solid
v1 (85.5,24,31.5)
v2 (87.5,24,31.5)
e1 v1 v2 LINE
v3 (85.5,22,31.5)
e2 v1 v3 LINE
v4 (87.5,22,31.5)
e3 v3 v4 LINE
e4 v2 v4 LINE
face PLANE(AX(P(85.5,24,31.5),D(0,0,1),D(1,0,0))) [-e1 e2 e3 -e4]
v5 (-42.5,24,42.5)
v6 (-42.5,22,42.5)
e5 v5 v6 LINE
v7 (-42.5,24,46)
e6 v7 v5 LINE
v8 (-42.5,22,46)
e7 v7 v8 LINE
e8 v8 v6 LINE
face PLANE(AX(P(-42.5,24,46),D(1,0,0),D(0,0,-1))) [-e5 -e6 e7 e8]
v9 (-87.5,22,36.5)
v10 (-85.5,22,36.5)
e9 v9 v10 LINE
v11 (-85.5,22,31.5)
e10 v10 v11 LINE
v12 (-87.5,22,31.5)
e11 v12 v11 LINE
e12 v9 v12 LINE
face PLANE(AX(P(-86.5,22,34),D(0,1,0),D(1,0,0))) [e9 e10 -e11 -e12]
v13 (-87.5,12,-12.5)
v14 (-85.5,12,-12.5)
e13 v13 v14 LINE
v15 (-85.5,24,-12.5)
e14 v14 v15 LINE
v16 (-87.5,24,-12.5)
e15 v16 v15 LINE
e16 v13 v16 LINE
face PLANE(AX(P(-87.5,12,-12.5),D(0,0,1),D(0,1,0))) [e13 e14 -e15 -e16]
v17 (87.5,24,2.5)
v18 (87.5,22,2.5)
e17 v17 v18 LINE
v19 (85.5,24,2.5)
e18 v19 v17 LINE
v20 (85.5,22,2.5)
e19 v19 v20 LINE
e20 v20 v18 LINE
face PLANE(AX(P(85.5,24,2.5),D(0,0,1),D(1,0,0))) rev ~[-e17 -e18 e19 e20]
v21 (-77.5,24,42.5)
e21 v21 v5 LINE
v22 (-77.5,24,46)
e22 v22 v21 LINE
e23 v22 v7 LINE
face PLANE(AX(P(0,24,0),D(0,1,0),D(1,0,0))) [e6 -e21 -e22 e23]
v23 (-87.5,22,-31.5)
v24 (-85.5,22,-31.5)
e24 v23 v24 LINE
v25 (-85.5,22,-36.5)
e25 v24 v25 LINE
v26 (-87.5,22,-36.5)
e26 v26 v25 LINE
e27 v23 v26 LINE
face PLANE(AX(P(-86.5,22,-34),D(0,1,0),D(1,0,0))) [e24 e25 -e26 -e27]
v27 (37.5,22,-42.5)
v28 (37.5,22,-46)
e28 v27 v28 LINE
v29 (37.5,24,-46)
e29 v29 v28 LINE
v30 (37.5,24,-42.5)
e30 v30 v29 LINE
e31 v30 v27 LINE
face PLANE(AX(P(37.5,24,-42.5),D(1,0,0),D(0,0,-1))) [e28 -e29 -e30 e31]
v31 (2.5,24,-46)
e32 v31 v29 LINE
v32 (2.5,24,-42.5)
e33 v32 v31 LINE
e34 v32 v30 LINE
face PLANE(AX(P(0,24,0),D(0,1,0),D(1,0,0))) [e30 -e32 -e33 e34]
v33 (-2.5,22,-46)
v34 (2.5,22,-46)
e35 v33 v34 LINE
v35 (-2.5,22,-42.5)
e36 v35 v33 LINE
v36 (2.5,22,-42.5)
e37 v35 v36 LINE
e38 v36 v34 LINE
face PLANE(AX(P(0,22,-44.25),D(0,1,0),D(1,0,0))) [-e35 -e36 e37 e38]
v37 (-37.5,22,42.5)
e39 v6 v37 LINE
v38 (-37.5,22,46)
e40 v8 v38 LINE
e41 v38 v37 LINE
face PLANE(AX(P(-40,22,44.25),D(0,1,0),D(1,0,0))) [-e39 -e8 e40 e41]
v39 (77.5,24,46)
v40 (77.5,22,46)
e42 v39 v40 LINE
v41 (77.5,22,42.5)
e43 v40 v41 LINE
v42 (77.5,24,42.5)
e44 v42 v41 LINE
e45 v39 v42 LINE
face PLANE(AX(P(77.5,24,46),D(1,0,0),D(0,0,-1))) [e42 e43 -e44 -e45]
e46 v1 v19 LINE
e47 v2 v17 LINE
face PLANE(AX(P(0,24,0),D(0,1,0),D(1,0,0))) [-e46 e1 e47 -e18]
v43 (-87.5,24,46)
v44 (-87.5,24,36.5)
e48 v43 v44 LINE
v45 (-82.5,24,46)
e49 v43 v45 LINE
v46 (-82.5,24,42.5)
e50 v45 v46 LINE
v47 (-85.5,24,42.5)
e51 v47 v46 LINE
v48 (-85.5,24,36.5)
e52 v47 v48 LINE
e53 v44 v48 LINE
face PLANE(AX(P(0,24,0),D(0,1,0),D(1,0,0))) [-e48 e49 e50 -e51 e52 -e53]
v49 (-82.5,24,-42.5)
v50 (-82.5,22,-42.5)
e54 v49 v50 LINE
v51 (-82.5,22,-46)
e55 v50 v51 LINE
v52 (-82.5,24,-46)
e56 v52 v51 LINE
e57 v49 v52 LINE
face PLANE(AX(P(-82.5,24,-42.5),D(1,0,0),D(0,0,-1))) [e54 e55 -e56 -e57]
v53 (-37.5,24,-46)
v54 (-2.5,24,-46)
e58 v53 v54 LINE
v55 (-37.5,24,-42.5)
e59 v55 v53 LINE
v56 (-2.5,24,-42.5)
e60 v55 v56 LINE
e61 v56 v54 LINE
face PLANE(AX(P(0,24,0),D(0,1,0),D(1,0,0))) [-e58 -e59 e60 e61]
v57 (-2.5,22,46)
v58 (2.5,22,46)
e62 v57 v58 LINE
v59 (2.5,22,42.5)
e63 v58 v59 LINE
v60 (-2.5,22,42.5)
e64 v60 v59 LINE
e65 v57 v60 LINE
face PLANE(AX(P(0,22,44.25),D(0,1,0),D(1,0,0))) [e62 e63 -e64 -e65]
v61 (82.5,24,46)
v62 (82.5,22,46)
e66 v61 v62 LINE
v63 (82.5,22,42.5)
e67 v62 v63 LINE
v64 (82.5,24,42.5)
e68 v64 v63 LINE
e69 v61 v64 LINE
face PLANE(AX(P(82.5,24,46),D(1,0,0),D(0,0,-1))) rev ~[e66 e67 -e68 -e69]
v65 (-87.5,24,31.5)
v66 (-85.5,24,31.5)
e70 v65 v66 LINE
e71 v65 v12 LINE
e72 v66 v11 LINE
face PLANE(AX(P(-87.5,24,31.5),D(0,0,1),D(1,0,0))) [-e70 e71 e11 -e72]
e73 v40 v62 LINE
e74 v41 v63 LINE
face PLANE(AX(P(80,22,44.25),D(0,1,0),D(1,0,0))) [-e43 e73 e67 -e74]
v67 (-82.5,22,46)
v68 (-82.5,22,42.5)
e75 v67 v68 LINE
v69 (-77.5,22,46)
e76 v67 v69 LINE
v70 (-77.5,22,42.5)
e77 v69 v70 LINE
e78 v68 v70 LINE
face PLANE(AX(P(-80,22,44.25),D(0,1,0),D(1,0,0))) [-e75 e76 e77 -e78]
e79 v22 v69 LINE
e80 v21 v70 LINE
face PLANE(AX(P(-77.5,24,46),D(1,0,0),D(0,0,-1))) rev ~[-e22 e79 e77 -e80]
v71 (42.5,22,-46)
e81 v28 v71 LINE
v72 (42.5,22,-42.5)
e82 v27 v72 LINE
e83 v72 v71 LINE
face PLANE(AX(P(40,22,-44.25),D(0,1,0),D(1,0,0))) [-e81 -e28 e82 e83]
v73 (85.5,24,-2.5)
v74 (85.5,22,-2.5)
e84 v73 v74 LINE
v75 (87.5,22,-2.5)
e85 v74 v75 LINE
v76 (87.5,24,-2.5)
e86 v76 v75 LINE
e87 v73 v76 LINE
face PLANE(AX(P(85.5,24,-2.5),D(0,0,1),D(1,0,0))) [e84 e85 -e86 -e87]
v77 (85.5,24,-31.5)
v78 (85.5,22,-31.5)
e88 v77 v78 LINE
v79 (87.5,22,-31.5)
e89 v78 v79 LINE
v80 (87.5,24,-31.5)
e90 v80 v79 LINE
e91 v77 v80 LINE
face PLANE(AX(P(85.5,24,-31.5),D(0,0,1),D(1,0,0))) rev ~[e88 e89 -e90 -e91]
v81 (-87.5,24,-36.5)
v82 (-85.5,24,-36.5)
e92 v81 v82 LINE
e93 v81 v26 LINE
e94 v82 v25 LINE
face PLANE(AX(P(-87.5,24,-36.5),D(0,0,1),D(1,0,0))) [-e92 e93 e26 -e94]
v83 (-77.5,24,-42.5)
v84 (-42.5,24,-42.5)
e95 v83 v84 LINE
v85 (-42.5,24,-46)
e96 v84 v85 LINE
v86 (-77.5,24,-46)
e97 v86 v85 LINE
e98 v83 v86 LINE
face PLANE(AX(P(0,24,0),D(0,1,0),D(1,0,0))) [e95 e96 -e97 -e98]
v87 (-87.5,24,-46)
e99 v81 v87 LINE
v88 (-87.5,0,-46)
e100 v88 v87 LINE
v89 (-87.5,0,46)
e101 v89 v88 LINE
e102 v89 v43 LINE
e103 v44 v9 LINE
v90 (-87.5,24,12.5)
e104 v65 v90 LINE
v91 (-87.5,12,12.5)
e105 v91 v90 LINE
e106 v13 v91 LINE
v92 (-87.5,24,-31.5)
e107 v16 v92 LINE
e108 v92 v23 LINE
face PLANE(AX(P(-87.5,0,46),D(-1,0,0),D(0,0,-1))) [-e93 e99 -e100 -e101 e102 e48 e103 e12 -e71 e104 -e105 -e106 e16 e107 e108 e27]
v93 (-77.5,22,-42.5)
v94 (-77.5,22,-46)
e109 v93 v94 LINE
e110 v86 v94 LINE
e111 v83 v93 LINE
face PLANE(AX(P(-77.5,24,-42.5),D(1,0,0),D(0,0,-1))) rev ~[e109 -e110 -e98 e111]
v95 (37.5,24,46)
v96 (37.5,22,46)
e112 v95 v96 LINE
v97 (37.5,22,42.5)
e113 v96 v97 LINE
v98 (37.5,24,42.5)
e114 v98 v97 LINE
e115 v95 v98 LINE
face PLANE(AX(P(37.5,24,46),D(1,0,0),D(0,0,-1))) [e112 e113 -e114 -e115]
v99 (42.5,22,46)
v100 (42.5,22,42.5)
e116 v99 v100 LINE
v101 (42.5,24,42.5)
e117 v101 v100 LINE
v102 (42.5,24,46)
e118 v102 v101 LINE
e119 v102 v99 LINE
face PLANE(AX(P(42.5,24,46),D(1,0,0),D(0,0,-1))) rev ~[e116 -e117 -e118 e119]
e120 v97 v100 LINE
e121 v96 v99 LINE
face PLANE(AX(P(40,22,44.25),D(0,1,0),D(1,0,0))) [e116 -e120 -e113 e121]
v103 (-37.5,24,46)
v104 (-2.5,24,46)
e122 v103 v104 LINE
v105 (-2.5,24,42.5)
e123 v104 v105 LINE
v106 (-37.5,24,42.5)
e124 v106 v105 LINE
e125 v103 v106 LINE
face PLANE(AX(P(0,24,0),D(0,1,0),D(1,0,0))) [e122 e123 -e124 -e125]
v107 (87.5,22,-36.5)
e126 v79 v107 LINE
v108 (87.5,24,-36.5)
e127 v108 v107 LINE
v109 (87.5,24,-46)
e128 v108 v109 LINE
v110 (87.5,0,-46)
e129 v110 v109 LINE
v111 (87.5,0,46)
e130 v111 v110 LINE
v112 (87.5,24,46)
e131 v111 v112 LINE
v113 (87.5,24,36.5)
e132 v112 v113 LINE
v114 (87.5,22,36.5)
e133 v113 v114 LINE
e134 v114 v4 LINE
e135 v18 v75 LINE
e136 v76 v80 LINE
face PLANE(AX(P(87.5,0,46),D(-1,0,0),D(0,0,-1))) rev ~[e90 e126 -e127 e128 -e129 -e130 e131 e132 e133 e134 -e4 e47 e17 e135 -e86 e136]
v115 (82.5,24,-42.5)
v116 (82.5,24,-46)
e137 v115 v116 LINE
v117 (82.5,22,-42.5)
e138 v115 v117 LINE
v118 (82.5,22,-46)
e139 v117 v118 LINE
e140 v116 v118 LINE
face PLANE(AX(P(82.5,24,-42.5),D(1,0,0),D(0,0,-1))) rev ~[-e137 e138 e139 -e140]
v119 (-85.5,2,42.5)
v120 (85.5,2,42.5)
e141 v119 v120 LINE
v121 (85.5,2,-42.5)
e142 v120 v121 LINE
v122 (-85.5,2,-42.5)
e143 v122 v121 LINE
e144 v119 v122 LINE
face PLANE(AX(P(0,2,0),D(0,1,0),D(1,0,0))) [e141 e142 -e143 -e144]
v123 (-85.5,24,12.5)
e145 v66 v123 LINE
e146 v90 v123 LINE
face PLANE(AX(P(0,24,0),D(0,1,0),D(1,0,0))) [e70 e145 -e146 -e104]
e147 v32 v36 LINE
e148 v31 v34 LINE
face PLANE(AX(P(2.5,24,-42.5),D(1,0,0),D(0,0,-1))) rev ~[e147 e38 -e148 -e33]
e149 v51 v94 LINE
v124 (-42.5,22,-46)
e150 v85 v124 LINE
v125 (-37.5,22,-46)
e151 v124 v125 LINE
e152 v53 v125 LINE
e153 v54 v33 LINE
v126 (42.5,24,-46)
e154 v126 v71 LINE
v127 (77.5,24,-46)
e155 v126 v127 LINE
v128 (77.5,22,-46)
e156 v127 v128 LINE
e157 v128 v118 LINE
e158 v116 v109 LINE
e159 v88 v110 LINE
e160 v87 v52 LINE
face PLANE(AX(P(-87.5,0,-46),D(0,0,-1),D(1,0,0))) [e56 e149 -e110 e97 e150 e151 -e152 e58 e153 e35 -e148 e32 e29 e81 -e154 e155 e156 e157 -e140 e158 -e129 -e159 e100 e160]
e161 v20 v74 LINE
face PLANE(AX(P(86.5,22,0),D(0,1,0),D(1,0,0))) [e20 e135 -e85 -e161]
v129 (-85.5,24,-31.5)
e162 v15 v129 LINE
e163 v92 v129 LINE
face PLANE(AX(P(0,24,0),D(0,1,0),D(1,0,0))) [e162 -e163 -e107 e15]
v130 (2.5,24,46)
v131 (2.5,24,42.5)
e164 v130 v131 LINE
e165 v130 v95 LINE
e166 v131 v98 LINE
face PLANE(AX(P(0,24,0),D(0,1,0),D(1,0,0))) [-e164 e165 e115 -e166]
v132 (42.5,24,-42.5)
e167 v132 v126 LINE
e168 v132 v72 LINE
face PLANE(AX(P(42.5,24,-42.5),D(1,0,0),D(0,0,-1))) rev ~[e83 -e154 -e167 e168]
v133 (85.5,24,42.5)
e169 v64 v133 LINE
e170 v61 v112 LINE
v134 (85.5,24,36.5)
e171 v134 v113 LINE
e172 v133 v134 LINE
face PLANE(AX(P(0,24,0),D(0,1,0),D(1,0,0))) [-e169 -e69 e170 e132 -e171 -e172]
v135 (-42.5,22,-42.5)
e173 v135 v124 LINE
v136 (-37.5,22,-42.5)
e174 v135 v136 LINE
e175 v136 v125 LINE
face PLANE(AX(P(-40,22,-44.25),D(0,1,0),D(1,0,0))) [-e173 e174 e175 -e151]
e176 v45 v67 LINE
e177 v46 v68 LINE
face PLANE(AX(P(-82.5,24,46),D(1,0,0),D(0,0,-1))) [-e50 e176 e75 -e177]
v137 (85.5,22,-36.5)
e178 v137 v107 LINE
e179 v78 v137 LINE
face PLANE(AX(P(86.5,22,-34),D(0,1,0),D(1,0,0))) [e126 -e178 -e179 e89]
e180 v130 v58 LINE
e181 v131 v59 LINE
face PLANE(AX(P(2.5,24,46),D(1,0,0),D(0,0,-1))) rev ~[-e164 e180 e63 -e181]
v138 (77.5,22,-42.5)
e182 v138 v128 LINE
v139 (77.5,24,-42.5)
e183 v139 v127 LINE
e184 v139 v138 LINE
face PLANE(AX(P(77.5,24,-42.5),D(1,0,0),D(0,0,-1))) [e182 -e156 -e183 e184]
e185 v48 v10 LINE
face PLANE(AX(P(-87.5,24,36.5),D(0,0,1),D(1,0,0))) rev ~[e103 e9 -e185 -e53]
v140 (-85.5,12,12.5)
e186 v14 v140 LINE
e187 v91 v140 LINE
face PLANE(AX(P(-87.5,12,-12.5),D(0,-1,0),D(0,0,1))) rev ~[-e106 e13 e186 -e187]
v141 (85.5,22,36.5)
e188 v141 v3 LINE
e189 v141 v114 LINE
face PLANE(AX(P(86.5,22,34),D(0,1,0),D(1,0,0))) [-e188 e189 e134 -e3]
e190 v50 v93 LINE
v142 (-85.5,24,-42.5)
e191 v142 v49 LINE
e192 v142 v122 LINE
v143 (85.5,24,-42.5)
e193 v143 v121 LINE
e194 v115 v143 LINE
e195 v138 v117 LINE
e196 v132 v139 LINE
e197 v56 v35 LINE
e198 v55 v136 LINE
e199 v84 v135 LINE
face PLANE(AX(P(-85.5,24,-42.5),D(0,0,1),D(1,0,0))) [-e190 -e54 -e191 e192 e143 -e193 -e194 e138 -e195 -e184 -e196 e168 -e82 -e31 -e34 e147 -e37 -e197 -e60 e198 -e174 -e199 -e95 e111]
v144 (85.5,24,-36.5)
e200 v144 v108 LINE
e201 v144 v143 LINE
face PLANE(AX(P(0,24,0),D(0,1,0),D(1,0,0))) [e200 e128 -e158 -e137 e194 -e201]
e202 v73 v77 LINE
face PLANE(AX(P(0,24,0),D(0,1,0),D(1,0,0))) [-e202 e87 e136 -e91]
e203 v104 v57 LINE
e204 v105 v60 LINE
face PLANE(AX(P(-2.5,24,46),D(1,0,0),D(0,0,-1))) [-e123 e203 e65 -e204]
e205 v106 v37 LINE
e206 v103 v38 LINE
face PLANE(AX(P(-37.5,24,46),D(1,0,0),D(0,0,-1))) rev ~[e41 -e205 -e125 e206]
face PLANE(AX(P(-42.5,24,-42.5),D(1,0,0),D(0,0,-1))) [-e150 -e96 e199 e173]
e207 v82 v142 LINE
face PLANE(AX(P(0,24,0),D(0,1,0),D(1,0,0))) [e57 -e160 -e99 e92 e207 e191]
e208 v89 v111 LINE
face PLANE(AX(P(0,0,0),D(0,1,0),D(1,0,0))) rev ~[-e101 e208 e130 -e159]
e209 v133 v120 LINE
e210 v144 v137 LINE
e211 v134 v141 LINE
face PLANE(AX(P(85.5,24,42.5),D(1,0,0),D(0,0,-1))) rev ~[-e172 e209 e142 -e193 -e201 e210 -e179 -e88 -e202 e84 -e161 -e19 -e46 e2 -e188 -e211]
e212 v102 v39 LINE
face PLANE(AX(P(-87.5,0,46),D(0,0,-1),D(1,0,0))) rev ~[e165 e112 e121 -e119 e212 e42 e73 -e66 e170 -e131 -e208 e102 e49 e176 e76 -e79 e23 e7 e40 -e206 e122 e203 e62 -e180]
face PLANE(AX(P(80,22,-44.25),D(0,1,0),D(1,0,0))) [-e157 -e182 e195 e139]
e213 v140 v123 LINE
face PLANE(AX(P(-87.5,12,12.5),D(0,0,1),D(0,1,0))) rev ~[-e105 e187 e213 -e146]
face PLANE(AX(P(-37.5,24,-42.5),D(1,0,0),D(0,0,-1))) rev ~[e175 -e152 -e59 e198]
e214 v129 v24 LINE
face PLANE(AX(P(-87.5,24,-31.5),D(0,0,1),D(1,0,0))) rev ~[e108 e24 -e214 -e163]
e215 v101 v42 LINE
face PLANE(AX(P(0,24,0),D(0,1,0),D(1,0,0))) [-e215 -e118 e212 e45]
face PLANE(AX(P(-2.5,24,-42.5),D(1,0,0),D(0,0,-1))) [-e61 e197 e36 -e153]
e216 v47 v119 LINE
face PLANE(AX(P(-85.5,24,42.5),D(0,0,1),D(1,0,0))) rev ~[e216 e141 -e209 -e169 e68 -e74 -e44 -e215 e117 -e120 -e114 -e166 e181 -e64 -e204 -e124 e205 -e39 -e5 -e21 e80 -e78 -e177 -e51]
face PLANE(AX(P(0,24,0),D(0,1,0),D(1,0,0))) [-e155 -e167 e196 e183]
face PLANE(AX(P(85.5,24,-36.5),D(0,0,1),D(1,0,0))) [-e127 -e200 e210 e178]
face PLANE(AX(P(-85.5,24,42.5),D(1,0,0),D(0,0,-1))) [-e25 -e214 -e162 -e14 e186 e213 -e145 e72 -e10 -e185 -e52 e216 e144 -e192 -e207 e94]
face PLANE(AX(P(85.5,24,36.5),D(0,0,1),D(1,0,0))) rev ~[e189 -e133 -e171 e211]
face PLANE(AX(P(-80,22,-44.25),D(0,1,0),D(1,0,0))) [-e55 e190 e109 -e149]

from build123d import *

# Parameters (mm, degrees)
SKETCH1_W           = 175
SKETCH1_H           = 92
BOSS_EXTRUDE1_DEPTH = 24
SKETCH2_W           = 171
SKETCH2_H           = 85
CUT_EXTRUDE1_DEPTH  = 22
SKETCH3_W           = 25
SKETCH3_H           = 12
CUT_EXTRUDE2_DEPTH  = 2
SKETCH4_W           = 5
SKETCH4_H           = 3.5
CUT_EXTRUDE4_DEPTH  = 2
SKETCH5_W           = 5
SKETCH5_H           = 3.5
CUT_EXTRUDE7_DEPTH  = 2
SKETCH7_W           = 2
SKETCH7_H           = 5
CUT_EXTRUDE8_DEPTH  = 2
SKETCH10_W          = 2
SKETCH10_H          = 5
CUT_EXTRUDE9_DEPTH  = 2
SKETCH11_W          = 2
SKETCH11_H          = 5
CUT_EXTRUDE10_DEPTH = 2


with BuildPart() as part:
    # Sketch1 → Boss-Extrude1 (new body)
    with BuildSketch(Plane(origin=(0, 0, 0), x_dir=(1, 0, 0), z_dir=(0, 1, 0))):
        Rectangle(SKETCH1_W, SKETCH1_H)
    extrude(amount=BOSS_EXTRUDE1_DEPTH)

    # Sketch2 → Cut-Extrude1 (cut)
    with BuildSketch(Plane(origin=(0, 24, 0), x_dir=(1, 0, 0), z_dir=(0, 1, 0))):
        Rectangle(SKETCH2_W, SKETCH2_H)
    extrude(amount=-CUT_EXTRUDE1_DEPTH, mode=Mode.SUBTRACT)

    # Sketch3 → Cut-Extrude2 (cut)
    with BuildSketch(Plane.ZY.offset(87.5)):
        with Locations((0, 18)):
            Rectangle(SKETCH3_W, SKETCH3_H)
    extrude(amount=-CUT_EXTRUDE2_DEPTH, mode=Mode.SUBTRACT)

    # Sketch4 → Cut-Extrude4 (cut)
    with BuildSketch(Plane(origin=(0, 24, 0), x_dir=(1, 0, 0), z_dir=(0, 1, 0))):
        with Locations((-80, 44.25)):
            Rectangle(SKETCH4_W, SKETCH4_H)
        with Locations((-40, 44.25)):
            Rectangle(SKETCH4_W, SKETCH4_H)
        with Locations((0, 44.25)):
            Rectangle(SKETCH4_W, SKETCH4_H)
        with Locations((40, 44.25)):
            Rectangle(SKETCH4_W, SKETCH4_H)
        with Locations((80, 44.25)):
            Rectangle(SKETCH4_W, SKETCH4_H)
    extrude(amount=-CUT_EXTRUDE4_DEPTH, mode=Mode.SUBTRACT)

    # Sketch5 → Cut-Extrude7 (cut)
    with BuildSketch(Plane(origin=(0, 24, 0), x_dir=(1, 0, 0), z_dir=(0, 1, 0))):
        with Locations((-80, -44.25)):
            Rectangle(SKETCH5_W, SKETCH5_H)
        with Locations((-40, -44.25)):
            Rectangle(SKETCH5_W, SKETCH5_H)
        with Locations((0, -44.25)):
            Rectangle(SKETCH5_W, SKETCH5_H)
        with Locations((40, -44.25)):
            Rectangle(SKETCH5_W, SKETCH5_H)
        with Locations((80, -44.25)):
            Rectangle(SKETCH5_W, SKETCH5_H)
    extrude(amount=-CUT_EXTRUDE7_DEPTH, mode=Mode.SUBTRACT)

    # Sketch7 → Cut-Extrude8 (cut)
    with BuildSketch(Plane(origin=(0, 24, 0), x_dir=(1, 0, 0), z_dir=(0, 1, 0))):
        with Locations((86.5, 0)):
            Rectangle(SKETCH7_W, SKETCH7_H)
        with Locations((86.5, -34)):
            Rectangle(SKETCH7_W, SKETCH7_H)
        with Locations((86.5, 34)):
            Rectangle(SKETCH7_W, SKETCH7_H)
    extrude(amount=-CUT_EXTRUDE8_DEPTH, mode=Mode.SUBTRACT)

    # Sketch10 → Cut-Extrude9 (cut)
    with BuildSketch(Plane(origin=(0, 24, 0), x_dir=(1, 0, 0), z_dir=(0, 1, 0))):
        with Locations((-86.5, 34)):
            Rectangle(SKETCH10_W, SKETCH10_H)
    extrude(amount=-CUT_EXTRUDE9_DEPTH, mode=Mode.SUBTRACT)

    # Sketch11 → Cut-Extrude10 (cut)
    with BuildSketch(Plane(origin=(0, 24, 0), x_dir=(1, 0, 0), z_dir=(0, 1, 0))):
        with Locations((-86.5, -34)):
            Rectangle(SKETCH11_W, SKETCH11_H)
    extrude(amount=-CUT_EXTRUDE10_DEPTH, mode=Mode.SUBTRACT)


solid = part.part
